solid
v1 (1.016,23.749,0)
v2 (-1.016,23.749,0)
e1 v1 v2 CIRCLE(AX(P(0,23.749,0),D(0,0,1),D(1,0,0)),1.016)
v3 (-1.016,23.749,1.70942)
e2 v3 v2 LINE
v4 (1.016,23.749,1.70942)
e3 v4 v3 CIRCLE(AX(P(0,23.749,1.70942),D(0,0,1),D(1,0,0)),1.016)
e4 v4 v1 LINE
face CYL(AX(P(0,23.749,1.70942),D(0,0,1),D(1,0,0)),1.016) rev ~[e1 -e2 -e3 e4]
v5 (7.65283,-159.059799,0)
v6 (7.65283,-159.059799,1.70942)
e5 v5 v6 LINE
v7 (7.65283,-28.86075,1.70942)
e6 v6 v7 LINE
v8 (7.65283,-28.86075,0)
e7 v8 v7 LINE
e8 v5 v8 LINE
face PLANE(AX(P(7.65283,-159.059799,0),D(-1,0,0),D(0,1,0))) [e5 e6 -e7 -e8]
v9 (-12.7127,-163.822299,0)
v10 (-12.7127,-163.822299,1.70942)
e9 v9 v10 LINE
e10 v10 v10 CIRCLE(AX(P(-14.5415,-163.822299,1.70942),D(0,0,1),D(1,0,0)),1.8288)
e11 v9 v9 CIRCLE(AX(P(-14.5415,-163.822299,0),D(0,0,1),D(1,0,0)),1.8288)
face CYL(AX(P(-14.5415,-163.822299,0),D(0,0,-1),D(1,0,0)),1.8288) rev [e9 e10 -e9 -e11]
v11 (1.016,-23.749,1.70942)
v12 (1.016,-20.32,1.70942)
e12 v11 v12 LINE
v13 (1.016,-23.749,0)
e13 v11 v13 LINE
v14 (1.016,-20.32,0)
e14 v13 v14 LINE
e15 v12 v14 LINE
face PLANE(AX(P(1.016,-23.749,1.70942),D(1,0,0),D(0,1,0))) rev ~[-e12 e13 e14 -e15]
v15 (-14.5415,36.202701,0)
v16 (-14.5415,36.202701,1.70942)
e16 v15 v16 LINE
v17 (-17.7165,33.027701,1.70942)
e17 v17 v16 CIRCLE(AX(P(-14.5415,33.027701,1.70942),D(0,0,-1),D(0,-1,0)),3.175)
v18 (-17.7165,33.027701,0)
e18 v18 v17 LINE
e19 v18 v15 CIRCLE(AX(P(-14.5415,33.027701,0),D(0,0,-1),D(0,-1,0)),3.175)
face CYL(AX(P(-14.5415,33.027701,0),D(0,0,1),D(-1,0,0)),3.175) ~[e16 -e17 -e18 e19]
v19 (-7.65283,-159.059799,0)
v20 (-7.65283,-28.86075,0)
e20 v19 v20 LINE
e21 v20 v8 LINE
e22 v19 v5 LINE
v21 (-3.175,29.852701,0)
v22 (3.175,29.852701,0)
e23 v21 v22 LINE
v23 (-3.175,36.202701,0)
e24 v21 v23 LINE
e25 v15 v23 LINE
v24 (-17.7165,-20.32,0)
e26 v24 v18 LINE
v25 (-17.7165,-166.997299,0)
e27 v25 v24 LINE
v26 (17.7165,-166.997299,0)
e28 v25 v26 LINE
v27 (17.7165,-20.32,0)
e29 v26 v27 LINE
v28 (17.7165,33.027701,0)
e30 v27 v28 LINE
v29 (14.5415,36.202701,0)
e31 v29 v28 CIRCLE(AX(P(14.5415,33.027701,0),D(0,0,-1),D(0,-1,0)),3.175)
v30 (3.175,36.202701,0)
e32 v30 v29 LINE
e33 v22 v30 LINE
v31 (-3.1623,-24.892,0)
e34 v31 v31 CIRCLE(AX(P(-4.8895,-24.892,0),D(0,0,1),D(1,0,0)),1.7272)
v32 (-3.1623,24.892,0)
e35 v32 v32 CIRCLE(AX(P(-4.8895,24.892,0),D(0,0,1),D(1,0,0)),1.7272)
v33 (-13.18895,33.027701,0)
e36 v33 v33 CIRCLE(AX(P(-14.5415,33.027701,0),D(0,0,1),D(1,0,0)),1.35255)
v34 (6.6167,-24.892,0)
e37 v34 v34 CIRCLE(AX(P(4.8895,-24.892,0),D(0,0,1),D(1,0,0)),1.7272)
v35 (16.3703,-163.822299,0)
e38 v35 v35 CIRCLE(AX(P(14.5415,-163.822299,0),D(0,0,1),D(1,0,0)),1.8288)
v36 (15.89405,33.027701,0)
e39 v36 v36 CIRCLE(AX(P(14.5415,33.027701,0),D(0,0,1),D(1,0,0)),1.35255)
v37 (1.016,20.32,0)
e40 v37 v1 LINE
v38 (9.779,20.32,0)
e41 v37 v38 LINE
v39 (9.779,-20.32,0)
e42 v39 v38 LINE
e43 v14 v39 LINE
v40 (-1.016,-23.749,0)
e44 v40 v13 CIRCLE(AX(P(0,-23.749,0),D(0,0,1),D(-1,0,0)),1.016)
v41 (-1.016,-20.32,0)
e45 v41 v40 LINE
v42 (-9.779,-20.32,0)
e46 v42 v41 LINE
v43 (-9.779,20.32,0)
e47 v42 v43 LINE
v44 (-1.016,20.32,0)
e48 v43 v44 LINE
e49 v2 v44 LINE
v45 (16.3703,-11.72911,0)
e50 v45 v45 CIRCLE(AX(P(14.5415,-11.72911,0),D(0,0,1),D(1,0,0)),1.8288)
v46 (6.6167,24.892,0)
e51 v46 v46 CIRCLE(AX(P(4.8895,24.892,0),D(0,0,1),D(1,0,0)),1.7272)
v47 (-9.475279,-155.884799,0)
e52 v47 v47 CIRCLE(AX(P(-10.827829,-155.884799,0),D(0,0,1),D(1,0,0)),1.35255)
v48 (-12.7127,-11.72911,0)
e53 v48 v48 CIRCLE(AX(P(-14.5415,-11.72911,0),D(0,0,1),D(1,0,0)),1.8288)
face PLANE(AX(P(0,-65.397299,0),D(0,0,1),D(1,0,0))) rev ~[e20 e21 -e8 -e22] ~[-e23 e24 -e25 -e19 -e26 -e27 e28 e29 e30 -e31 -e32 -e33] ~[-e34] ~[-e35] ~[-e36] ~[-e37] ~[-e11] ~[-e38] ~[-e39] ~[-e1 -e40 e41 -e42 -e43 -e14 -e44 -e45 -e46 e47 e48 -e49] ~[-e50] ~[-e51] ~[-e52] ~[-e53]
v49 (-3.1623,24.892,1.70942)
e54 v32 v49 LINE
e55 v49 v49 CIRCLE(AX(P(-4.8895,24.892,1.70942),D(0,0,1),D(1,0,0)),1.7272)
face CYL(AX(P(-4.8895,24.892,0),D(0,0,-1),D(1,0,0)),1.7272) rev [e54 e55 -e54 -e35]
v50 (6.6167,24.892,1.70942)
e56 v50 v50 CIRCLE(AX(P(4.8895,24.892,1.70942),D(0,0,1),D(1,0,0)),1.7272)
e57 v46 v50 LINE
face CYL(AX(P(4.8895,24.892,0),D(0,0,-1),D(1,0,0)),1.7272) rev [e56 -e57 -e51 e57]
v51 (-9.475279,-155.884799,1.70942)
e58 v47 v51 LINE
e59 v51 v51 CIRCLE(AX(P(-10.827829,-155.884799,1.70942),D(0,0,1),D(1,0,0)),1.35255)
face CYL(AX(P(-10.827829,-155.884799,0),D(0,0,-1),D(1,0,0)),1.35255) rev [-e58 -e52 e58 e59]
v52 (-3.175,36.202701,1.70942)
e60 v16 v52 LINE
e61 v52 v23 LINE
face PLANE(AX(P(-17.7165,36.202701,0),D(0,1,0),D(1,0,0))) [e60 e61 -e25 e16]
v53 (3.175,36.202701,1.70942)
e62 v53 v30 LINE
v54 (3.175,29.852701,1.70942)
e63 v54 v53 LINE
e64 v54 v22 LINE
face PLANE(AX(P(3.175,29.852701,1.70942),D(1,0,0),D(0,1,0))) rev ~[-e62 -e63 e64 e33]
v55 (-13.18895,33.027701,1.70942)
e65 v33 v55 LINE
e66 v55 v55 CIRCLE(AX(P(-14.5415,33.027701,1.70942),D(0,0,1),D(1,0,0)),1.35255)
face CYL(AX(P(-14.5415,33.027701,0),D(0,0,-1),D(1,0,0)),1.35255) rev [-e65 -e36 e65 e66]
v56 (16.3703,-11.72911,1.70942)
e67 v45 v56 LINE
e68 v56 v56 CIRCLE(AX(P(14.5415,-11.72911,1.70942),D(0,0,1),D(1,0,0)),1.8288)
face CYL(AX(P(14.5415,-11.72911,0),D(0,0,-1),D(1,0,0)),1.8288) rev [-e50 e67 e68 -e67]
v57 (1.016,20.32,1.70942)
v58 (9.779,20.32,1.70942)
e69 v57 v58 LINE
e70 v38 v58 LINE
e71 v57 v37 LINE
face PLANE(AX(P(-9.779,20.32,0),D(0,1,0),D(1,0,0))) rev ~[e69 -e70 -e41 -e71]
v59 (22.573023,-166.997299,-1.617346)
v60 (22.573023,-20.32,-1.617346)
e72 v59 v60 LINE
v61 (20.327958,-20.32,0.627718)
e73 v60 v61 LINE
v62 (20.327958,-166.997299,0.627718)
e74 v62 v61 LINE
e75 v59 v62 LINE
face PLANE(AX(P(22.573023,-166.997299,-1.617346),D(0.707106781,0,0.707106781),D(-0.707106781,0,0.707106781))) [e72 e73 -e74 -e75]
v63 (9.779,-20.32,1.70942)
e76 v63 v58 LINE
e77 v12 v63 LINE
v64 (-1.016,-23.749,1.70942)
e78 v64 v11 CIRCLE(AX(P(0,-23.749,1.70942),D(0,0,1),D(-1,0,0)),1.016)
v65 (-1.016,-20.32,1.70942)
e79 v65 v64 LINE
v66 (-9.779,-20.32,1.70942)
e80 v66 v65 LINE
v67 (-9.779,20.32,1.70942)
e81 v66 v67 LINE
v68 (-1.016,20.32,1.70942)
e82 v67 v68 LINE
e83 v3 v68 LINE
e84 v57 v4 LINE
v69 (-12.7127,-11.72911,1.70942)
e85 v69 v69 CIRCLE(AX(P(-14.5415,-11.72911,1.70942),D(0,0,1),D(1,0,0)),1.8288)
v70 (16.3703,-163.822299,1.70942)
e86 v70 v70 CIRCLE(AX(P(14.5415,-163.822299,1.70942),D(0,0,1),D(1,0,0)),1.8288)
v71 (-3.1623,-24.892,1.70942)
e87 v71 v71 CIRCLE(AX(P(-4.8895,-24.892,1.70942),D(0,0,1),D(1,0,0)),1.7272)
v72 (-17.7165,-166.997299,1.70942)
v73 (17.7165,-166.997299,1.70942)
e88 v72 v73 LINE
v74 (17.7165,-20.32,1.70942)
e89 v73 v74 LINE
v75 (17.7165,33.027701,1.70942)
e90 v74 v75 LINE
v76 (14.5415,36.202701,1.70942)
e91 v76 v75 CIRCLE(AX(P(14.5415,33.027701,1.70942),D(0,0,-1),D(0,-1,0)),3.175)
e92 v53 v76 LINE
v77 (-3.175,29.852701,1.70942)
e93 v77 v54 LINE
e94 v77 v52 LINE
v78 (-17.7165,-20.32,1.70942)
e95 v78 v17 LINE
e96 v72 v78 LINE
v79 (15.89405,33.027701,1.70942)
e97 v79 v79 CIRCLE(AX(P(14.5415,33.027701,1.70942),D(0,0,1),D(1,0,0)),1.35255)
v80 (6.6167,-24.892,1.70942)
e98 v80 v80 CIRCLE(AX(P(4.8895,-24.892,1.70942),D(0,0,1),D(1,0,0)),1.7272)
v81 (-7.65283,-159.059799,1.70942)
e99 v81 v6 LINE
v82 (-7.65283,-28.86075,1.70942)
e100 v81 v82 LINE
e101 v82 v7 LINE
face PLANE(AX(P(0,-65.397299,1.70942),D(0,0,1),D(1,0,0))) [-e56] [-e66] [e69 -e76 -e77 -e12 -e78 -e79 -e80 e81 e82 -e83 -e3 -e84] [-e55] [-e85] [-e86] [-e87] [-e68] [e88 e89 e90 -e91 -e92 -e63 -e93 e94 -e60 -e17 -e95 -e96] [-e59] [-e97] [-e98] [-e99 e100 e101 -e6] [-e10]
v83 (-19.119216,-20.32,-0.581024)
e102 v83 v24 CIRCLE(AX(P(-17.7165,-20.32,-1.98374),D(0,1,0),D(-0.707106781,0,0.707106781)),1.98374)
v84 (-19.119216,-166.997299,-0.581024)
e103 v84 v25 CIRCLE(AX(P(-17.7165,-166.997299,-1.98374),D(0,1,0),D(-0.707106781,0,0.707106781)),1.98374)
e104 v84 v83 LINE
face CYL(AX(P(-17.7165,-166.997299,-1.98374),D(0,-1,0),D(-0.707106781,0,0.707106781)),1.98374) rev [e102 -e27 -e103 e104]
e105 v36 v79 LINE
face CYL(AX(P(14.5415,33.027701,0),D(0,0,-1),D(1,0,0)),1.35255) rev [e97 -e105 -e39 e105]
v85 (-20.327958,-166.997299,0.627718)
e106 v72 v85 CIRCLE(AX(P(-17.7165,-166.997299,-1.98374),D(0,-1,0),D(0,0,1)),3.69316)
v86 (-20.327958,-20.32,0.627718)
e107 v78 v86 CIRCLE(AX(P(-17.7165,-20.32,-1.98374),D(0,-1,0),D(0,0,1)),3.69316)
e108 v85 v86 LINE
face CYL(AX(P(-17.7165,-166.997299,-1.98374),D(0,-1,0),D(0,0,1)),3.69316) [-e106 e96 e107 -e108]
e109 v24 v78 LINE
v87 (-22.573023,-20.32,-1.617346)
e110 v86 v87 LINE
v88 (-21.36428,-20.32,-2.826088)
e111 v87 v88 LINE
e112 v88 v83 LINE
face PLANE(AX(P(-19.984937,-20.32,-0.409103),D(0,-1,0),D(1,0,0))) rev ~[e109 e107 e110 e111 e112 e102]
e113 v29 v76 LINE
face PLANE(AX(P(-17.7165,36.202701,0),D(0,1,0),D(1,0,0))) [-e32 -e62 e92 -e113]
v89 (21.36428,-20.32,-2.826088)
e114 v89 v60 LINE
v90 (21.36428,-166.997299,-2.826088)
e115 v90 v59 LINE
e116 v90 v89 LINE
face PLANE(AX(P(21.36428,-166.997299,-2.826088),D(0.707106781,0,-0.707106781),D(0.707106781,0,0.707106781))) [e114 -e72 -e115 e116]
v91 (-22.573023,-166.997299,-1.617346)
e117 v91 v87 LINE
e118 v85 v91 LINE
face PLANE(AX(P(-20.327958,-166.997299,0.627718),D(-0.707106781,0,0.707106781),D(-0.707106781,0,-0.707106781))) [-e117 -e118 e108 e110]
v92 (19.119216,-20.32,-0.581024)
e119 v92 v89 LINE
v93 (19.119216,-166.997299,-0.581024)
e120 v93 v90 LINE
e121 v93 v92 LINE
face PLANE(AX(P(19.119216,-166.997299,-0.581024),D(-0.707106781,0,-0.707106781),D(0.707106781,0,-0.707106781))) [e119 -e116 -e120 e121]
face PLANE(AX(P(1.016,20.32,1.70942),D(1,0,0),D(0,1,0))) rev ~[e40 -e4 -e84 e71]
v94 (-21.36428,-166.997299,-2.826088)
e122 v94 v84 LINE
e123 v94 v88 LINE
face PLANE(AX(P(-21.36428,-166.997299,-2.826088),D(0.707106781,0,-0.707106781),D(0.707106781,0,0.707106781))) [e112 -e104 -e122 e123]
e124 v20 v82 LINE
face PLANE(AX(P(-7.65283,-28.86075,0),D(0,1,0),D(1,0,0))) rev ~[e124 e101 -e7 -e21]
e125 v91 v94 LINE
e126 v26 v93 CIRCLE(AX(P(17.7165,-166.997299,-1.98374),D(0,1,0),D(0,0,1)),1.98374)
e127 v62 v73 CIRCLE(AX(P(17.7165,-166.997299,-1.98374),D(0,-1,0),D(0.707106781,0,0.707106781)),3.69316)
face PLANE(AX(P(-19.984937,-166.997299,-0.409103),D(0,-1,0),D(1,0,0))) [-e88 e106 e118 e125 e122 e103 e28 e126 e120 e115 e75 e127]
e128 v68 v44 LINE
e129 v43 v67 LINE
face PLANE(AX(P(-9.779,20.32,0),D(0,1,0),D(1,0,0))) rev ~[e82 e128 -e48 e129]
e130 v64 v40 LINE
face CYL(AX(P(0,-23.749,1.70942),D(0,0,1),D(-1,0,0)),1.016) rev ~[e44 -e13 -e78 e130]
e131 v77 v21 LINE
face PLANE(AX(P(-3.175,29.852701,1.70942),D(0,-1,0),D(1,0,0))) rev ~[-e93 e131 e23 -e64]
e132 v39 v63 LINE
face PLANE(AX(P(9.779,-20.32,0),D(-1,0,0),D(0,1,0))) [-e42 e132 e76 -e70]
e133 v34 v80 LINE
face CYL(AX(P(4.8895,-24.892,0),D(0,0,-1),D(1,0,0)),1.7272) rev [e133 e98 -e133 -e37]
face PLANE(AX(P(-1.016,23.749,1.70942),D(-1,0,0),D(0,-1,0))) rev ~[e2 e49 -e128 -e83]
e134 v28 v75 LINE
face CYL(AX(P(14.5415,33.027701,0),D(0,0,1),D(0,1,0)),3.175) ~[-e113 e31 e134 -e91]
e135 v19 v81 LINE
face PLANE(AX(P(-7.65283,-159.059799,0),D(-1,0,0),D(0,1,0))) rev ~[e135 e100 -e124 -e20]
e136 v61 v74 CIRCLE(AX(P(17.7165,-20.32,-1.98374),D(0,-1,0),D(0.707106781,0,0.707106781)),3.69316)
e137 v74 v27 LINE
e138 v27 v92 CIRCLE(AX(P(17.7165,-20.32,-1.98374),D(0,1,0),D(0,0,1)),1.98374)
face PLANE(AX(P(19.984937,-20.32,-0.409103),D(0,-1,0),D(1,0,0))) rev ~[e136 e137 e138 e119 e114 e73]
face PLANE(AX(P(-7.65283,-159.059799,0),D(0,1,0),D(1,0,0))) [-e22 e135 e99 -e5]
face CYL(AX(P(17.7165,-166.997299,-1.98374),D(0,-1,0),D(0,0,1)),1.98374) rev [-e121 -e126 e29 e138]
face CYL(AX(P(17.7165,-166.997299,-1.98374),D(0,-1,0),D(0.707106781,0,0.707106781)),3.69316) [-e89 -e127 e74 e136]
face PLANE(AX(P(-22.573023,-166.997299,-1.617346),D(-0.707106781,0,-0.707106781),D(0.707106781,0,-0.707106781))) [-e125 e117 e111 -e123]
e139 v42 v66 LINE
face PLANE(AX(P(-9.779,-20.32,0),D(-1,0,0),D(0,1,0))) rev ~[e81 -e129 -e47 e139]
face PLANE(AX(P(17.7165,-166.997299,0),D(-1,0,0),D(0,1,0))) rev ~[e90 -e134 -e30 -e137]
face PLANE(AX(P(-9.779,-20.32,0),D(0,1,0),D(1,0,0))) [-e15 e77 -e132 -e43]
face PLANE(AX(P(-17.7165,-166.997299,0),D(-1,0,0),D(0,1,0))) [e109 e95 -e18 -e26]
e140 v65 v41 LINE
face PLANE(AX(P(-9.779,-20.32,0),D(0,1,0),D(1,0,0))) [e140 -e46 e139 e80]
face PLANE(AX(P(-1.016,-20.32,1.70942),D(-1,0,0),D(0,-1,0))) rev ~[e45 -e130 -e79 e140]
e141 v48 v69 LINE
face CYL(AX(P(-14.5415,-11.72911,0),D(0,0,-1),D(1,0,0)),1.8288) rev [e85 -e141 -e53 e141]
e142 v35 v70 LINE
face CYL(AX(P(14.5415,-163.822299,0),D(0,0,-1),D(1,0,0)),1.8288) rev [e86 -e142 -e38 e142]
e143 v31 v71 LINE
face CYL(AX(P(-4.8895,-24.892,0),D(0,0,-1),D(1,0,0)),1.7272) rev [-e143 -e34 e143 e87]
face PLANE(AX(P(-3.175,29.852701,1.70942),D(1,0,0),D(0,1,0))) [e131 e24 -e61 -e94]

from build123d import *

# Parameters (mm, degrees)
F0_W     = 35.433
F0_H     = 203.2
F0_R     = 1.8288
F0_R_2   = 1.35255
F0_W_2   = 15.305659
F0_H_2   = 130.1990486724
F0_R_3   = 1.7272
F0_W_3   = 19.558
F0_H_3   = 40.64
F1_DEPTH = 1.70942
F3_DEPTH = 146.6772986724
F4_R     = 3.175
F5_W     = 6.35
F5_H     = 6.35
F6_DEPTH = 1.70942


with BuildPart() as f1:
    # F0 (on Top) → F1 (new body)
    with BuildSketch(Plane.XY):
        with Locations((0, -65.3972986724)):
            Rectangle(F0_W, F0_H)
        with Locations((-14.5415, -163.8222986724)):
            Circle(F0_R, mode=Mode.SUBTRACT)
        with Locations((-10.8278295, -155.8847986724)):
            Circle(F0_R_2, mode=Mode.SUBTRACT)
        with Locations((14.5415, -163.8222986724)):
            Circle(F0_R, mode=Mode.SUBTRACT)
        with Locations((0, -93.9602743362)):
            Rectangle(F0_W_2, F0_H_2, mode=Mode.SUBTRACT)
        with Locations((-4.8895, -24.892)):
            Circle(F0_R_3, mode=Mode.SUBTRACT)
        with Locations((-14.5415, -11.7291104)):
            Circle(F0_R, mode=Mode.SUBTRACT)
        with Locations((-14.5415, 33.0277013276)):
            Circle(F0_R_2, mode=Mode.SUBTRACT)
        with Locations((-4.8895, 24.892)):
            Circle(F0_R_3, mode=Mode.SUBTRACT)
        with Locations((4.8895, -24.892)):
            Circle(F0_R_3, mode=Mode.SUBTRACT)
        Rectangle(F0_W_3, F0_H_3, mode=Mode.SUBTRACT)
        with Locations((4.8895, 24.892)):
            Circle(F0_R_3, mode=Mode.SUBTRACT)
        with Locations((14.5415, -11.7291104)):
            Circle(F0_R, mode=Mode.SUBTRACT)
        with Locations((14.5415, 33.0277013276)):
            Circle(F0_R_2, mode=Mode.SUBTRACT)
    extrude(amount=F1_DEPTH)

    # F2 (on face) → F3 (join, through all)
    with BuildSketch(Plane.XZ.offset(166.9972986724)):
        with BuildLine():
            ThreePointArc((-19.1192160061, -0.5810239939), (-18.4756444321, -0.1510032162), (-17.7165, 0))
            Line((-17.7165, 0), (-17.7165, 1.70942))
            ThreePointArc((-17.7165, 1.70942), (-19.1298111451, 1.4282949343), (-20.32795848, 0.62771848))
            Line((-20.32795848, 0.62771848), (-22.5730225103, -1.6173455503))
            Line((-22.5730225103, -1.6173455503), (-21.3642800364, -2.8260880242))
            Line((-21.3642800364, -2.8260880242), (-19.1192160061, -0.5810239939))
        make_face()
        with BuildLine():
            Line((17.7165, 1.70942), (17.7165, 0))
            ThreePointArc((17.7165, 0), (18.4756444321, -0.1510032162), (19.1192160061, -0.5810239939))
            Line((19.1192160061, -0.5810239939), (21.3642800364, -2.8260880242))
            Line((21.3642800364, -2.8260880242), (22.5730225103, -1.6173455503))
            Line((22.5730225103, -1.6173455503), (20.32795848, 0.62771848))
            ThreePointArc((20.32795848, 0.62771848), (19.1298111451, 1.4282949343), (17.7165, 1.70942))
        make_face()
    extrude(amount=-F3_DEPTH)

    # F4
    f4_edges = [f1.edges().sort_by_distance(p)[0] for p in [
        (17.7165, 36.202701, 0.85471),
        (-17.7165, 36.202701, 0.85471),
    ]]
    fillet(f4_edges, radius=F4_R)

    # F5 (on face) → F6 (cut, through all)
    with BuildSketch(Plane.XY.offset(1.70942)):
        with Locations((0, 33.0277013276)):
            Rectangle(F5_W, F5_H)
        with BuildLine():
            Line((1.016, -23.749), (1.016, -20.32))
            Line((1.016, -20.32), (-1.016, -20.32))
            Line((-1.016, -20.32), (-1.016, -23.749))
            ThreePointArc((-1.016, -23.749), (0, -24.765), (1.016, -23.749))
        make_face()
        with BuildLine():
            Line((-1.016, 20.32), (1.016, 20.32))
            Line((1.016, 20.32), (1.016, 23.749))
            ThreePointArc((1.016, 23.749), (0, 24.765), (-1.016, 23.749))
            Line((-1.016, 23.749), (-1.016, 20.32))
        make_face()
    extrude(amount=-F6_DEPTH, mode=Mode.SUBTRACT)


solid = f1.part
